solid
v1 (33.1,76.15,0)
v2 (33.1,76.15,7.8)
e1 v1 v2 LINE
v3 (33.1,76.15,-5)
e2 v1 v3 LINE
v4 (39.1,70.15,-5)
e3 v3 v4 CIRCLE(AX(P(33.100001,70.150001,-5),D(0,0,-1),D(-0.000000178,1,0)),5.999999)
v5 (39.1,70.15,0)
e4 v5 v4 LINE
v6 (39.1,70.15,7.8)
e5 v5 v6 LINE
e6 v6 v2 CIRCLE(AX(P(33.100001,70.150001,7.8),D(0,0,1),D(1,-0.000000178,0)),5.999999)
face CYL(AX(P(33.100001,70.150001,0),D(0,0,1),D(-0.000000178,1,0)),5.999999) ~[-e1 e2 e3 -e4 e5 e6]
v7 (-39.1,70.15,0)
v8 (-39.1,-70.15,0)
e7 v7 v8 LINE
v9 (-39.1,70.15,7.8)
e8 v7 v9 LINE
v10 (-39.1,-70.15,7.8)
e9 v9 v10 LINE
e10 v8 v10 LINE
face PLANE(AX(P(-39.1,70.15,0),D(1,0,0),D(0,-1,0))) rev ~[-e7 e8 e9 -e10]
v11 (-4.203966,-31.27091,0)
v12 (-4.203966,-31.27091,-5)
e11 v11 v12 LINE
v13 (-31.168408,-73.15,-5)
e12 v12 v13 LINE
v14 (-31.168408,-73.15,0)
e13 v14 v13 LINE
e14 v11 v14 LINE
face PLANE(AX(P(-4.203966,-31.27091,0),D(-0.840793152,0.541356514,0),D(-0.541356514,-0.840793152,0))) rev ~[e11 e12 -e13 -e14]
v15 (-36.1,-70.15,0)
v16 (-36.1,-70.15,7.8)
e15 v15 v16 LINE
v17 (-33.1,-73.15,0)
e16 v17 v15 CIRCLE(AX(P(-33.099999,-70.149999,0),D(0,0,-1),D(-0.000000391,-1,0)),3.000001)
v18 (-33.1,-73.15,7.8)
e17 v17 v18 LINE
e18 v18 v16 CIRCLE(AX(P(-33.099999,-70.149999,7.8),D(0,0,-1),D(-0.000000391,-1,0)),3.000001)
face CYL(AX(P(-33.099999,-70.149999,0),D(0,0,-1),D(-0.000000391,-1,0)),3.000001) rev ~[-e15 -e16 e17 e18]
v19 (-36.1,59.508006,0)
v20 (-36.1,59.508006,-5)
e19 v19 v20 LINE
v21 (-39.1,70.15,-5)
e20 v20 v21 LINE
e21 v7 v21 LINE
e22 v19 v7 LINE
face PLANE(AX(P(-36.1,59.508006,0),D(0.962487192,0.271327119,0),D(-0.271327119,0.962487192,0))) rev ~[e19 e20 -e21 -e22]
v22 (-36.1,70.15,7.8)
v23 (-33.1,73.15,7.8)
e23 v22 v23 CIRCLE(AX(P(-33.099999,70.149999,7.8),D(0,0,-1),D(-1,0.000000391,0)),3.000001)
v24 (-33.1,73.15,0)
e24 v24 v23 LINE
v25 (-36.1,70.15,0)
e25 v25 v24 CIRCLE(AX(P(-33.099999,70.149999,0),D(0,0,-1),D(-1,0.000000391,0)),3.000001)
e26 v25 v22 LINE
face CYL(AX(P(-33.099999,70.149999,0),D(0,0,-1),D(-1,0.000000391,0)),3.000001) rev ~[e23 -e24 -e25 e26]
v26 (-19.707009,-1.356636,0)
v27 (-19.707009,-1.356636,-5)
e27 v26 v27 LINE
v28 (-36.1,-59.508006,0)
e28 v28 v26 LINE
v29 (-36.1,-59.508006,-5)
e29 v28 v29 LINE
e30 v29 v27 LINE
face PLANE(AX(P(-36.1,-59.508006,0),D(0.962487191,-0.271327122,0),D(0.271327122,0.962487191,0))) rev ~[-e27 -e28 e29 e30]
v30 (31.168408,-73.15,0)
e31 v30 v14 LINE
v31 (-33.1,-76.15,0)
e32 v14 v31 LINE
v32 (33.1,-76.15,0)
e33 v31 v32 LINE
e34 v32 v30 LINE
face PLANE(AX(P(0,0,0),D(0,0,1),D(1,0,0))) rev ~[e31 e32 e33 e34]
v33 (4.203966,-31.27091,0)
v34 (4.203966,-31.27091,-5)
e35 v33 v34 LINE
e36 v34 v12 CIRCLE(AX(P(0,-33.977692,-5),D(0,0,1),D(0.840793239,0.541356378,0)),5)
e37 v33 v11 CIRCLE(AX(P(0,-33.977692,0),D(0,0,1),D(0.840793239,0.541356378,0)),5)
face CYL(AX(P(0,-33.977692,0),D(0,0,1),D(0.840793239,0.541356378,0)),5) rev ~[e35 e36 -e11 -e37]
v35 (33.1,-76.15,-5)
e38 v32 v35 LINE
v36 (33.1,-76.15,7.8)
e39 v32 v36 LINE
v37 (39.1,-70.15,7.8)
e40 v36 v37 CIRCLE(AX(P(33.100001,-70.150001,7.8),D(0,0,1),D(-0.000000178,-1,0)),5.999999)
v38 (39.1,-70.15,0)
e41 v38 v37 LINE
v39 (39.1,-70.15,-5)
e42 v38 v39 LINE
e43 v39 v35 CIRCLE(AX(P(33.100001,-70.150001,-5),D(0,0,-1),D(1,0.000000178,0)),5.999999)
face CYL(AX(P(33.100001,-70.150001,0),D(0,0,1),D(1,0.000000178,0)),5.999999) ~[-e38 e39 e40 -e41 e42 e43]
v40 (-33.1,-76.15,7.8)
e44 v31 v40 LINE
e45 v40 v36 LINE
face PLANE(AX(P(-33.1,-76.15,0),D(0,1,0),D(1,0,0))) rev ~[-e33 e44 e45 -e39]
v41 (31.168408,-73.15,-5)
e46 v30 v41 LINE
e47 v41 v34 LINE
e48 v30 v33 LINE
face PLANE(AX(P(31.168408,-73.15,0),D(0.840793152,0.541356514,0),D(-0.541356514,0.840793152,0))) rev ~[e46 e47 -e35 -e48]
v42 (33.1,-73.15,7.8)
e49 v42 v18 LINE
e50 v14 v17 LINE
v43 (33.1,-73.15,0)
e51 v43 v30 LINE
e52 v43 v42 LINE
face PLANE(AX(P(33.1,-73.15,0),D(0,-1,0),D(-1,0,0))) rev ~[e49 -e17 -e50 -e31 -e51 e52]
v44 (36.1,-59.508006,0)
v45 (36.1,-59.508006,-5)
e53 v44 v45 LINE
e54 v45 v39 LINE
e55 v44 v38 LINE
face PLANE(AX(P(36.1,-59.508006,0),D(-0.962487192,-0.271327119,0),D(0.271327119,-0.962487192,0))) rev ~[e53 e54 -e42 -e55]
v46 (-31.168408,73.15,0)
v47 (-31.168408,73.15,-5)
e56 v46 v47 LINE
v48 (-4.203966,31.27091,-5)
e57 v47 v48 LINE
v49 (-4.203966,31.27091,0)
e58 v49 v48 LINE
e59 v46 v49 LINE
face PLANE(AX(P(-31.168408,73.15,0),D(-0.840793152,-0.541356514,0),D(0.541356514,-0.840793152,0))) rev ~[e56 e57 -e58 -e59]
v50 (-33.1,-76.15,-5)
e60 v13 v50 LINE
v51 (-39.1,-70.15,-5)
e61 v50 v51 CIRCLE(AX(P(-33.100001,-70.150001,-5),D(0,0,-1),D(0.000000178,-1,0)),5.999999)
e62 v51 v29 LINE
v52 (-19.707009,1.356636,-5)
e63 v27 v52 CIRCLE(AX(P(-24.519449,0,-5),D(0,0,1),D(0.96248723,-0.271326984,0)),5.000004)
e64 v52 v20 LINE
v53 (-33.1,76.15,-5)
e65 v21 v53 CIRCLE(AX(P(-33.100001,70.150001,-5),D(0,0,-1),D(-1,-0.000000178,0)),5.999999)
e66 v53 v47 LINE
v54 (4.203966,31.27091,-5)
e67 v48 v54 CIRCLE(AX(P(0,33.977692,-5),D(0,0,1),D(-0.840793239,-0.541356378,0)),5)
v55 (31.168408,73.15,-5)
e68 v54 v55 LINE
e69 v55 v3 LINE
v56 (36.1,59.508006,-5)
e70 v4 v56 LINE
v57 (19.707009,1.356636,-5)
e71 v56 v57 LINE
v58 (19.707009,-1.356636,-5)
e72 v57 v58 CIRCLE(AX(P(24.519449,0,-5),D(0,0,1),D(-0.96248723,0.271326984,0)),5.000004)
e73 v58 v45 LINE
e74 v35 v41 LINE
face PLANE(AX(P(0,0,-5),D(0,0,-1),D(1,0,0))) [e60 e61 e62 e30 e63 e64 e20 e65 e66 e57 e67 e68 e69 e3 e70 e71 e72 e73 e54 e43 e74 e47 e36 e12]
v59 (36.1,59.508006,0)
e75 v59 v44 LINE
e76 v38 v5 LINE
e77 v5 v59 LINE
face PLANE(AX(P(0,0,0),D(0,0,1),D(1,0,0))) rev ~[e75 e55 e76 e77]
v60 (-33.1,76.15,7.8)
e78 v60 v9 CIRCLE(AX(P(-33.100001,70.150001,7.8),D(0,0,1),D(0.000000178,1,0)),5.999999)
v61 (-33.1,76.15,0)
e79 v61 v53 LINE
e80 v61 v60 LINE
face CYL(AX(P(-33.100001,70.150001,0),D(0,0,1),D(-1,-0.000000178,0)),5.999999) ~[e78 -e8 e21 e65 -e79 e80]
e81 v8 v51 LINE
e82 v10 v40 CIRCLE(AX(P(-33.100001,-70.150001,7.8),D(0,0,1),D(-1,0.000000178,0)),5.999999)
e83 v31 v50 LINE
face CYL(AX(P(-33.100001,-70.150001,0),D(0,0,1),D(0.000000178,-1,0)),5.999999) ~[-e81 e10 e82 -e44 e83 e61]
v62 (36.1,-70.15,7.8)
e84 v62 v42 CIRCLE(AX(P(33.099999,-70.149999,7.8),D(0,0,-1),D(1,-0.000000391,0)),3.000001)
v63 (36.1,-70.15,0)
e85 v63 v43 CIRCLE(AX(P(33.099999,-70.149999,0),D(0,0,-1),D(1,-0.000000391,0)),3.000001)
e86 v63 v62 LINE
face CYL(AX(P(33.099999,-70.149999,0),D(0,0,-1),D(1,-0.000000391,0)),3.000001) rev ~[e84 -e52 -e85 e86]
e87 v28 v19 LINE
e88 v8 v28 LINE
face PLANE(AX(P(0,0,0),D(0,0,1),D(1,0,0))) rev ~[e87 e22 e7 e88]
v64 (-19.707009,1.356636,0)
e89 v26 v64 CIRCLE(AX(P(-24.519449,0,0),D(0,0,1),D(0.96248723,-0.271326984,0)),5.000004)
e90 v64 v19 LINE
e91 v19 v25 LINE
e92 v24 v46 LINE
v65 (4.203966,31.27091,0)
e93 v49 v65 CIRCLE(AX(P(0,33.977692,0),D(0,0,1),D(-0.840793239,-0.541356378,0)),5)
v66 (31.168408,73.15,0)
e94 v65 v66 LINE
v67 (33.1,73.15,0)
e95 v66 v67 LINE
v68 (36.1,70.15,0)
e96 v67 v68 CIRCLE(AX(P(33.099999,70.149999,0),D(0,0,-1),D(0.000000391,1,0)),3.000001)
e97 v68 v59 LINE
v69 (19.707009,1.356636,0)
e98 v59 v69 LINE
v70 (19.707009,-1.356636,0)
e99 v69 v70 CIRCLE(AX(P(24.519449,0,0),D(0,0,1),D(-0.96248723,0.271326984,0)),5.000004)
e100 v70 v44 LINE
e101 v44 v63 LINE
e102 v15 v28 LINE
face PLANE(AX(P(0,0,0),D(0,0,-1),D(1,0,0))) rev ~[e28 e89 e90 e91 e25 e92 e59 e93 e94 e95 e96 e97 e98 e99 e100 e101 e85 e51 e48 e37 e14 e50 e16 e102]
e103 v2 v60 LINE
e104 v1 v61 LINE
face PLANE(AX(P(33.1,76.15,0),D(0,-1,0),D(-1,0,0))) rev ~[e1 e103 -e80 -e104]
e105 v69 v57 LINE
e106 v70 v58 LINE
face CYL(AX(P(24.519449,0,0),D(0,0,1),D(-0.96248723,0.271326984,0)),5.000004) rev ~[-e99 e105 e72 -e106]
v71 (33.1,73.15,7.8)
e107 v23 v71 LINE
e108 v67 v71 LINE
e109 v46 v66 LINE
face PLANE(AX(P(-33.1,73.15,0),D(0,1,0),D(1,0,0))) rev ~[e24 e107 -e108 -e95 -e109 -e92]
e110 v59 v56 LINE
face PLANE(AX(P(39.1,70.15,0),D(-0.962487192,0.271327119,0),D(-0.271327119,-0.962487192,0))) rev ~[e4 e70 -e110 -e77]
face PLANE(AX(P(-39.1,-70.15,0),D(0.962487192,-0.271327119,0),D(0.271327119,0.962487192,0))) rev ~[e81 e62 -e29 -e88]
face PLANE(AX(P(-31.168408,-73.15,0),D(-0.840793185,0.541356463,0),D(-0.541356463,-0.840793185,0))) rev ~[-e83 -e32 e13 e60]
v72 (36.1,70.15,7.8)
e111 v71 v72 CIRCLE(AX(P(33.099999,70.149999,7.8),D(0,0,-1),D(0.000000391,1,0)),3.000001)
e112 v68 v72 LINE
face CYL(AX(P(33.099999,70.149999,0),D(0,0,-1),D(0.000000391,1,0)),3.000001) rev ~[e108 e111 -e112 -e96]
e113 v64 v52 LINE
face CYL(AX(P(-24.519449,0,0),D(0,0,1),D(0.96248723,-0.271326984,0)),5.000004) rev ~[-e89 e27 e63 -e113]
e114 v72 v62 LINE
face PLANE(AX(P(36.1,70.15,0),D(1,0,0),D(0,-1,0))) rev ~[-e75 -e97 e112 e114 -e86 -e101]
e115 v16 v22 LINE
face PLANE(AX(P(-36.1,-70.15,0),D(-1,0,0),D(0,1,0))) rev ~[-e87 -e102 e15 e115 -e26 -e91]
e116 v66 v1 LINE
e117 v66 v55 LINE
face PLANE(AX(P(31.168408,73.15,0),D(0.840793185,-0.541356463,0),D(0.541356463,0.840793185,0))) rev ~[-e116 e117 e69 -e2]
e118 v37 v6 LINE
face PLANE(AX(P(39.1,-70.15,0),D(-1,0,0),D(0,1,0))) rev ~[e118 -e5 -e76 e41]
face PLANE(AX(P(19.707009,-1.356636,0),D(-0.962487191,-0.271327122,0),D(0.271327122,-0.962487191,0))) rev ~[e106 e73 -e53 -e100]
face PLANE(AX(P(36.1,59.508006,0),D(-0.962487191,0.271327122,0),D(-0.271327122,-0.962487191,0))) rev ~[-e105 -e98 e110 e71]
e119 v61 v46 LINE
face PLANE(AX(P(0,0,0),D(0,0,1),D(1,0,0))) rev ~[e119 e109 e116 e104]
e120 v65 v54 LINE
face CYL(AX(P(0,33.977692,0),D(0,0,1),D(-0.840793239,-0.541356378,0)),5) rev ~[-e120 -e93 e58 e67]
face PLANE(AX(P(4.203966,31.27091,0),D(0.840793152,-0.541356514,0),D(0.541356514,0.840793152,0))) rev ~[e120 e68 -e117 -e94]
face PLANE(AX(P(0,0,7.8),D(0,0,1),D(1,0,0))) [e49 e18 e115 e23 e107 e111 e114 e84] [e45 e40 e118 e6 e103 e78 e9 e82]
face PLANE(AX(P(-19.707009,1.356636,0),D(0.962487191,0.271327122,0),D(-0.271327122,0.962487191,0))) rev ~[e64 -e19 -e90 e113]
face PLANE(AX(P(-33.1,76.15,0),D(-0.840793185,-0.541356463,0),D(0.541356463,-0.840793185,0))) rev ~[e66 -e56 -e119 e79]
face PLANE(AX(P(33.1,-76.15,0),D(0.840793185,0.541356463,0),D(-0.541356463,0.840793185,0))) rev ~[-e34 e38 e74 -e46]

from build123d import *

# Parameters (mm, degrees)
F1_DEPTH = 7.8
F3_DEPTH = 5


with BuildPart() as f1:
    # F0 (on Top) → F1 (new body)
    with BuildSketch(Plane.XY):
        with BuildLine():
            Line((39.1, -70.15), (39.1, 70.15))
            ThreePointArc((39.1, 70.15), (37.342641, 74.392641), (33.1, 76.15))
            Line((33.1, 76.15), (-33.1, 76.15))
            ThreePointArc((-33.1, 76.15), (-37.342641, 74.392641), (-39.1, 70.15))
            Line((-39.1, 70.15), (-39.1, -70.15))
            ThreePointArc((-39.1, -70.15), (-37.342641, -74.392641), (-33.1, -76.15))
            Line((-33.1, -76.15), (33.1, -76.15))
            ThreePointArc((33.1, -76.15), (37.342641, -74.392641), (39.1, -70.15))
        make_face()
        with BuildLine():
            Line((-33.1, 73.15), (33.1, 73.15))
            ThreePointArc((33.1, 73.15), (35.22132, 72.27132), (36.1, 70.15))
            Line((36.1, 70.15), (36.1, -70.15))
            ThreePointArc((36.1, -70.15), (35.22132, -72.27132), (33.1, -73.15))
            Line((33.1, -73.15), (-33.1, -73.15))
            ThreePointArc((-33.1, -73.15), (-35.22132, -72.27132), (-36.1, -70.15))
            Line((-36.1, -70.15), (-36.1, 70.15))
            ThreePointArc((-36.1, 70.15), (-35.22132, 72.27132), (-33.1, 73.15))
        make_face(mode=Mode.SUBTRACT)
    extrude(amount=F1_DEPTH)

    # F2 (on face) → F3 (join)
    with BuildSketch(Plane(origin=(0, 0, 0), x_dir=(1, 0, 0), z_dir=(0, 0, -1))):
        with BuildLine():
            Line((-4.203966, 31.27091), (-31.168408, 73.15))
            Line((-31.168408, 73.15), (-33.1, 73.15))
            ThreePointArc((-33.1, 73.15), (-35.22132, 72.27132), (-36.1, 70.15))
            Line((-36.1, 70.15), (-36.1, 59.508006))
            Line((-36.1, 59.508006), (-19.707009, 1.356636))
            ThreePointArc((-19.707009, 1.356636), (-19.519445, 0), (-19.707009, -1.356636))
            Line((-19.707009, -1.356636), (-36.1, -59.508006))
            Line((-36.1, -59.508006), (-36.1, -70.15))
            ThreePointArc((-36.1, -70.15), (-35.22132, -72.27132), (-33.1, -73.15))
            Line((-33.1, -73.15), (-31.168408, -73.15))
            Line((-31.168408, -73.15), (-4.203966, -31.27091))
            ThreePointArc((-4.203966, -31.27091), (0, -28.977692), (4.203966, -31.27091))
            Line((4.203966, -31.27091), (31.168408, -73.15))
            Line((31.168408, -73.15), (33.1, -73.15))
            ThreePointArc((33.1, -73.15), (35.22132, -72.27132), (36.1, -70.15))
            Line((36.1, -70.15), (36.1, -59.508006))
            Line((36.1, -59.508006), (19.707009, -1.356636))
            ThreePointArc((19.707009, -1.356636), (19.519445, 0), (19.707009, 1.356636))
            Line((19.707009, 1.356636), (36.1, 59.508006))
            Line((36.1, 59.508006), (36.1, 70.15))
            ThreePointArc((36.1, 70.15), (35.22132, 72.27132), (33.1, 73.15))
            Line((33.1, 73.15), (31.168408, 73.15))
            Line((31.168408, 73.15), (4.203966, 31.27091))
            ThreePointArc((4.203966, 31.27091), (0, 28.977692), (-4.203966, 31.27091))
        make_face()
        with BuildLine():
            Line((-31.168408, 73.15), (-33.1, 76.15))
            ThreePointArc((-33.1, 76.15), (-37.342641, 74.392641), (-39.1, 70.15))
            Line((-39.1, 70.15), (-36.1, 59.508006))
            Line((-36.1, 59.508006), (-36.1, 70.15))
            ThreePointArc((-36.1, 70.15), (-35.22132, 72.27132), (-33.1, 73.15))
            Line((-33.1, 73.15), (-31.168408, 73.15))
        make_face()
        with BuildLine():
            ThreePointArc((39.1, 70.15), (37.342641, 74.392641), (33.1, 76.15))
            Line((33.1, 76.15), (31.168408, 73.15))
            Line((31.168408, 73.15), (33.1, 73.15))
            ThreePointArc((33.1, 73.15), (35.22132, 72.27132), (36.1, 70.15))
            Line((36.1, 70.15), (36.1, 59.508006))
            Line((36.1, 59.508006), (39.1, 70.15))
        make_face()
        with BuildLine():
            ThreePointArc((33.1, -76.15), (37.342641, -74.392641), (39.1, -70.15))
            Line((39.1, -70.15), (36.1, -59.508006))
            Line((36.1, -59.508006), (36.1, -70.15))
            ThreePointArc((36.1, -70.15), (35.22132, -72.27132), (33.1, -73.15))
            Line((33.1, -73.15), (31.168408, -73.15))
            Line((31.168408, -73.15), (33.1, -76.15))
        make_face()
        with BuildLine():
            Line((-36.1, -59.508006), (-39.1, -70.15))
            ThreePointArc((-39.1, -70.15), (-37.342641, -74.392641), (-33.1, -76.15))
            Line((-33.1, -76.15), (-31.168408, -73.15))
            Line((-31.168408, -73.15), (-33.1, -73.15))
            ThreePointArc((-33.1, -73.15), (-35.22132, -72.27132), (-36.1, -70.15))
            Line((-36.1, -70.15), (-36.1, -59.508006))
        make_face()
    extrude(amount=F3_DEPTH)


solid = f1.part
